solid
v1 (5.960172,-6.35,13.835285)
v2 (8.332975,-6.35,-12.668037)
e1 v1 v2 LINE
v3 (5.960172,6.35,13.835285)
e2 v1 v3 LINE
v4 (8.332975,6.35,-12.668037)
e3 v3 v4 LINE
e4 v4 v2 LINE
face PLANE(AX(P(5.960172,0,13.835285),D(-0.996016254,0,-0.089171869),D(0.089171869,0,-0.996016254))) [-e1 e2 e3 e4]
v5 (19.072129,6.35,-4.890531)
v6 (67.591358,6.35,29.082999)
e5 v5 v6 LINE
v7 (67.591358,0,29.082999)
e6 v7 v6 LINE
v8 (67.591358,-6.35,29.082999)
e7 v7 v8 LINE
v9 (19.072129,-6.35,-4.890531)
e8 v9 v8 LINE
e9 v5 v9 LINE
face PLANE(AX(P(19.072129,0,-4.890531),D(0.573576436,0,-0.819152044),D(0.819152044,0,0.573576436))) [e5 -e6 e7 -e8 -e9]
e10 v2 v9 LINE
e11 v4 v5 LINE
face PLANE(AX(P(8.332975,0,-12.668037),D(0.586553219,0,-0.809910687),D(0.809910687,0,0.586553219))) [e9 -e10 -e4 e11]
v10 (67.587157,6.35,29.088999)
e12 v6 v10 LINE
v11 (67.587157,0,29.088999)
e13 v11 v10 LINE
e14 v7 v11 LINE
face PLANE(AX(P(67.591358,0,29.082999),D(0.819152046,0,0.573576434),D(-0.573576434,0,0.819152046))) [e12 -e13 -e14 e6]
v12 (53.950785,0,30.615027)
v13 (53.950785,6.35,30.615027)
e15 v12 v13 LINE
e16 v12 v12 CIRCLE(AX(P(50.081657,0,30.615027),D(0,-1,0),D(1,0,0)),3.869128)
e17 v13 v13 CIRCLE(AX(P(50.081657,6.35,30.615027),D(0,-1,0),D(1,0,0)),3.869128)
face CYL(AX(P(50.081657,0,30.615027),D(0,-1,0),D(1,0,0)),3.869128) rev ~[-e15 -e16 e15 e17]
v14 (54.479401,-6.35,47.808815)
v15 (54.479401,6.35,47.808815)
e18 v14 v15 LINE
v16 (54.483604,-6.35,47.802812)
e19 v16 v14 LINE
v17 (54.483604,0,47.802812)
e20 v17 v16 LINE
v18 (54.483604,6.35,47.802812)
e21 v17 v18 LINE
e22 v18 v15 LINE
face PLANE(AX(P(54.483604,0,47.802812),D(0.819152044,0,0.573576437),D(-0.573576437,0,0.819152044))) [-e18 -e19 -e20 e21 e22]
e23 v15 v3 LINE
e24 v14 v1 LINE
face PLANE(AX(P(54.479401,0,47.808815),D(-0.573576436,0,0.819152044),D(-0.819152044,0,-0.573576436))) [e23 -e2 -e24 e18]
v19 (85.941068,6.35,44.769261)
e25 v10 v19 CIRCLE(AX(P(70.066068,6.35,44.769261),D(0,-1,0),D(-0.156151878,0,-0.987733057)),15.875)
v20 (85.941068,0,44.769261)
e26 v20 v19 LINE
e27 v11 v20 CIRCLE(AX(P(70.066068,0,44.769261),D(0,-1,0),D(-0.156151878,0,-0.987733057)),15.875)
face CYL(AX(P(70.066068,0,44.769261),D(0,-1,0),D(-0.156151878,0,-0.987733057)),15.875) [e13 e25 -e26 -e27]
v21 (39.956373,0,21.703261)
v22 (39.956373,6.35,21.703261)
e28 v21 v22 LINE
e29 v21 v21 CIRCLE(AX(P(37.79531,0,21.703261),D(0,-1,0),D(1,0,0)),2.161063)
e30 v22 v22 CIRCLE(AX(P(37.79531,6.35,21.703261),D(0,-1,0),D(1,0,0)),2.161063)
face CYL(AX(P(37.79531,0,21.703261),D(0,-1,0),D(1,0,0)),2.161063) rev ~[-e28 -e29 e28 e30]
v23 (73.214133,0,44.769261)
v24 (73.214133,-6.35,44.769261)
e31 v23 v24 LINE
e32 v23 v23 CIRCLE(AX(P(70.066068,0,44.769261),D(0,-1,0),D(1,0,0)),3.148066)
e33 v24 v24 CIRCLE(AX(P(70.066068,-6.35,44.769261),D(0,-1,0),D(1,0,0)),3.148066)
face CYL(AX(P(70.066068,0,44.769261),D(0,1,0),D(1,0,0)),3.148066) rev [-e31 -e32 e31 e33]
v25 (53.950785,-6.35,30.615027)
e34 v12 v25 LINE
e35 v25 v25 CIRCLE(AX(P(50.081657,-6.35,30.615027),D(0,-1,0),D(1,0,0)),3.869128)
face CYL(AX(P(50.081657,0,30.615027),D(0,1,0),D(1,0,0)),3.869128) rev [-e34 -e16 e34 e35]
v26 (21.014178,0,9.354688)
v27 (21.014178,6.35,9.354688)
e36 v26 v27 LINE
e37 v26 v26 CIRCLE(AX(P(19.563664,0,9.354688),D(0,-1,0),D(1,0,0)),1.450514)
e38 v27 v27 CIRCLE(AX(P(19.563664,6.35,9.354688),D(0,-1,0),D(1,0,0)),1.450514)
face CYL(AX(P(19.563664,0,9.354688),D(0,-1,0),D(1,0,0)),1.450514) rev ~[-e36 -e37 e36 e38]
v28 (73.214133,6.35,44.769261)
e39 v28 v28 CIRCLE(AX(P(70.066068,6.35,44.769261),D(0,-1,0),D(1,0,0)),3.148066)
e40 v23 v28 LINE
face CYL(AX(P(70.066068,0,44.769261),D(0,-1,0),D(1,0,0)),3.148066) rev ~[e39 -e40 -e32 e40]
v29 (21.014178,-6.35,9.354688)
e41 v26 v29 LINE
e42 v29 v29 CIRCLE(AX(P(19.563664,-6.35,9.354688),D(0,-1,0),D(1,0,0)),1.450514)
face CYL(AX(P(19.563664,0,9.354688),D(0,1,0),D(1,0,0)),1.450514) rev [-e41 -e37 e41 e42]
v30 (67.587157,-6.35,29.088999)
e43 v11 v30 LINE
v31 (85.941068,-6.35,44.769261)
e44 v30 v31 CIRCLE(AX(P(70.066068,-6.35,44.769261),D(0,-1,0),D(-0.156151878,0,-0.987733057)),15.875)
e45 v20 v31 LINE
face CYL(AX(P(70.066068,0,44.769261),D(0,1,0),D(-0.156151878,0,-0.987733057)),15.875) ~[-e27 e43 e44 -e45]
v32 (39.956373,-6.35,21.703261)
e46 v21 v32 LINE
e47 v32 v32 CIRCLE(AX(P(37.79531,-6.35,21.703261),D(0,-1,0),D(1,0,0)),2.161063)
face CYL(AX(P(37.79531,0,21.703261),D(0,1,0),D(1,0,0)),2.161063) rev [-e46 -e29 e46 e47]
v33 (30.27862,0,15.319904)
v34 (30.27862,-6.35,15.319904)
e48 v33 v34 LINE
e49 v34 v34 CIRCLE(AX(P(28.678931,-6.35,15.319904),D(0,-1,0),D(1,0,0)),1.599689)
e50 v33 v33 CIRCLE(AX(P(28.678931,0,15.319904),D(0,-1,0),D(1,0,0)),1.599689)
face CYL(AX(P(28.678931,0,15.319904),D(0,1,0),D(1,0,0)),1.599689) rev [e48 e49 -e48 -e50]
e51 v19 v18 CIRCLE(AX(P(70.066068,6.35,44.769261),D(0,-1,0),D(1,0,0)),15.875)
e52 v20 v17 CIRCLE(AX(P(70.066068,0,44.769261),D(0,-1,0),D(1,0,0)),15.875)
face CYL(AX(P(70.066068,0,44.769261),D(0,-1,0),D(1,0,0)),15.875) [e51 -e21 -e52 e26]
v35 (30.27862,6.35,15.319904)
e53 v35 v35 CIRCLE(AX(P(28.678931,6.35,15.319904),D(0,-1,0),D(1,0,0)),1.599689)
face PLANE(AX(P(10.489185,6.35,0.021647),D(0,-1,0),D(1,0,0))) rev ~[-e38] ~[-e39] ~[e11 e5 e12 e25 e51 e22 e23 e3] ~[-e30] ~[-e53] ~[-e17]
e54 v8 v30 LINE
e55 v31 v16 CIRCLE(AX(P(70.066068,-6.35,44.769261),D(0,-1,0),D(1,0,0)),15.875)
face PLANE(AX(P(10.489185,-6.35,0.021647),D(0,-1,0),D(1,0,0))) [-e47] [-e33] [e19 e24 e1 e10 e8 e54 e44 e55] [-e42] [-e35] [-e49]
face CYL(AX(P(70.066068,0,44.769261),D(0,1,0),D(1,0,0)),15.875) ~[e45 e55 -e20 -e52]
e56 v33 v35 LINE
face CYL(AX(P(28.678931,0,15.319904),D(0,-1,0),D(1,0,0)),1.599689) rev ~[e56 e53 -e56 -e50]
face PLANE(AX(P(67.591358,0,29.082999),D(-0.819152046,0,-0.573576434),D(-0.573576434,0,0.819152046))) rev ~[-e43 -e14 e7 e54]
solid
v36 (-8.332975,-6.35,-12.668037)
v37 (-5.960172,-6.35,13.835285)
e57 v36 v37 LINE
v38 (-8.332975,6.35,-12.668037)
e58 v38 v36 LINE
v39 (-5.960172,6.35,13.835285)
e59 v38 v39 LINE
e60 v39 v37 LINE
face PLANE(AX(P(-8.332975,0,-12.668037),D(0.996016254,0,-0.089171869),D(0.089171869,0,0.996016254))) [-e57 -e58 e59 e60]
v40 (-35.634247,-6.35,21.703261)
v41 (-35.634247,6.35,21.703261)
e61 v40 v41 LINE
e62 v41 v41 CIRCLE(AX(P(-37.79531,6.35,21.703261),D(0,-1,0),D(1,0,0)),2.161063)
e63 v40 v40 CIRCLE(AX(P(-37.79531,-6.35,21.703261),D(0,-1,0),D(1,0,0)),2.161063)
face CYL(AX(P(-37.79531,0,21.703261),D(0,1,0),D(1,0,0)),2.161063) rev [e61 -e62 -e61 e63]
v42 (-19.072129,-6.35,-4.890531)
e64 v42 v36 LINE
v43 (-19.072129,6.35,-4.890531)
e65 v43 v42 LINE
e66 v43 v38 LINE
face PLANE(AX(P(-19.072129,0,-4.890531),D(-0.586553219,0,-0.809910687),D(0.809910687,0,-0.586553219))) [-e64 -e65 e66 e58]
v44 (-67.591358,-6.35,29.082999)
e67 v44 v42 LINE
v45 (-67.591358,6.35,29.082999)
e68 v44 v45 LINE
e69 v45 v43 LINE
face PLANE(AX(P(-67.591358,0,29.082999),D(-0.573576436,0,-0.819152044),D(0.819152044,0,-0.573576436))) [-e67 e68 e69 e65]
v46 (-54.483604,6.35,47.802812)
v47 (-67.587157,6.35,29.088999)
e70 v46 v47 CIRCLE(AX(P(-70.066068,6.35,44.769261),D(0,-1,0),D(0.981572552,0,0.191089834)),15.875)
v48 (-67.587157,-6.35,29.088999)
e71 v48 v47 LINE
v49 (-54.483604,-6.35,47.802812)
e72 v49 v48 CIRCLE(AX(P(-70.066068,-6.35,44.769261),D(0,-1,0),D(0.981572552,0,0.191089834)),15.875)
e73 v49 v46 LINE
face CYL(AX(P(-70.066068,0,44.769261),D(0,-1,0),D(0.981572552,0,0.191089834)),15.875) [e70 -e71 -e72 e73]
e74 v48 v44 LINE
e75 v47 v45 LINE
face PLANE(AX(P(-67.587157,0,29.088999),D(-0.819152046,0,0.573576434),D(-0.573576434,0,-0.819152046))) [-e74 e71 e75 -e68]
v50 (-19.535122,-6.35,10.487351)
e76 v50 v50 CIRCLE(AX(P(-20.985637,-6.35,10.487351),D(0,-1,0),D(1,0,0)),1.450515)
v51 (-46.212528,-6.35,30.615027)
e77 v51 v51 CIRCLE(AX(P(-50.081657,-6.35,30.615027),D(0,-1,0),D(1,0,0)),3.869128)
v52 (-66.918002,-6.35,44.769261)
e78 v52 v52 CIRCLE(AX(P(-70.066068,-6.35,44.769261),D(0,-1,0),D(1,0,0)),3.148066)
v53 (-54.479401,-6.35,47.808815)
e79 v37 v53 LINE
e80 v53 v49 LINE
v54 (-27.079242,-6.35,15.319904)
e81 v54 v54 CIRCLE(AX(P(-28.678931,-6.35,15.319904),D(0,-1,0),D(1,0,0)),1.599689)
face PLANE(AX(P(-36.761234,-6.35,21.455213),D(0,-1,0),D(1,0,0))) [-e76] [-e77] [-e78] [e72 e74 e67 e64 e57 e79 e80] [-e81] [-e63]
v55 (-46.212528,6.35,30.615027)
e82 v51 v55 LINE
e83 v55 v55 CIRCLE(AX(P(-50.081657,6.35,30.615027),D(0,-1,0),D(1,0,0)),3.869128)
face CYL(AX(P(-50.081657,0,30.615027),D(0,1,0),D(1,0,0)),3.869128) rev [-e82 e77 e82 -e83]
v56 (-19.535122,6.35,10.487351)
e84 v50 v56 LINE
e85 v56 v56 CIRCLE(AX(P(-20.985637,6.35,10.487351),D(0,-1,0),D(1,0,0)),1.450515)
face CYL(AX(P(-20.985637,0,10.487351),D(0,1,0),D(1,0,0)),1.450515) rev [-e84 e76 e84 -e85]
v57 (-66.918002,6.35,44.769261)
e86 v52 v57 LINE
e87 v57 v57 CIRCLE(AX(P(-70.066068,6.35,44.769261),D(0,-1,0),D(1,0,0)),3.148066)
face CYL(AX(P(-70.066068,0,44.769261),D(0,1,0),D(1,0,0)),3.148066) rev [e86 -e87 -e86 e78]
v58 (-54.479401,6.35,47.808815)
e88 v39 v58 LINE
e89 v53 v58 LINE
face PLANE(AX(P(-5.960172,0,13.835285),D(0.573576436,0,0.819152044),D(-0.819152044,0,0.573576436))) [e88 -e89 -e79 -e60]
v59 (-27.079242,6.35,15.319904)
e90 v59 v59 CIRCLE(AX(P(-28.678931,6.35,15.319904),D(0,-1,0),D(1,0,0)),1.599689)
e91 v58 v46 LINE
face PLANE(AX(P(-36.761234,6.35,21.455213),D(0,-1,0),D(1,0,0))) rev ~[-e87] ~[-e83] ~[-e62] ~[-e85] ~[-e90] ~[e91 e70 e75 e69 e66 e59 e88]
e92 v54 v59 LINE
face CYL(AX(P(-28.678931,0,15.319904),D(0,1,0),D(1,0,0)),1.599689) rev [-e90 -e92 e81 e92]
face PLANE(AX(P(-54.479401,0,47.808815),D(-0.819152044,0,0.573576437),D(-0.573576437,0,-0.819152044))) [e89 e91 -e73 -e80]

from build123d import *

# Parameters (mm, degrees)
F0_R     = 1.4505145473
F0_R_2   = 1.5996890997
F0_R_3   = 2.1610628891
F0_R_4   = 3.869128391
F0_R_5   = 3.1480655083
F1_DEPTH = 6.35
F0_R_6   = 1.4505139655


with BuildPart() as f1:
    # F0 (on Front) → F1 (new body, symmetric)
    with BuildSketch(Plane.XZ):
        with BuildLine():
            Line((-19.0721291621, -4.8905307363), (-5.9601718272, 13.8352849961))
            Line((-5.9601718272, 13.8352849961), (-54.4794007435, 47.8088148315))
            Line((-54.4794007435, 47.8088148315), (-54.4836036345, 47.8028124811))
            ThreePointArc((-54.4836036345, 47.8028124811), (-54.2643710734, 46.2930731563), (-54.1910679004, 44.7692613604))
            ThreePointArc((-54.1910679004, 44.7692613604), (-57.9960981809, 34.4575468584), (-67.5871568417, 29.088999087))
            Line((-67.5871568417, 29.088999087), (-67.5913580785, 29.082999099))
            Line((-67.5913580785, 29.082999099), (-19.0721291621, -4.8905307363))
        make_face()
        with Locations((-20.9856368601, 10.4873506352)):
            Circle(F0_R, mode=Mode.SUBTRACT)
        with Locations((-28.6789310125, 15.3199037078)):
            Circle(F0_R_2, mode=Mode.SUBTRACT)
        with Locations((-37.7953101531, 21.7032611032)):
            Circle(F0_R_3, mode=Mode.SUBTRACT)
        with Locations((-50.0816566344, 30.6150268633)):
            Circle(F0_R_4, mode=Mode.SUBTRACT)
        Polygon((-8.3329752088, -12.6680368558), (-5.9601718272, 13.8352849961), (-19.0721291621, -4.8905307363), align=None)
        with BuildLine():
            ThreePointArc((-54.1910679004, 44.7692613604), (-54.2643710734, 46.2930731563), (-54.4836036345, 47.8028124811))
            Line((-54.4836036345, 47.8028124811), (-67.5871568417, 29.088999087))
            ThreePointArc((-67.5871568417, 29.088999087), (-57.9960981809, 34.4575468584), (-54.1910679004, 44.7692613604))
        make_face()
        with BuildLine():
            Line((-67.5871568417, 29.088999087), (-54.4836036345, 47.8028124811))
            ThreePointArc((-54.4836036345, 47.8028124811), (-83.0701066035, 53.8747872875), (-67.5871568417, 29.088999087))
        make_face()
        with Locations((-70.0660679004, 44.7692613604)):
            Circle(F0_R_5, mode=Mode.SUBTRACT)
    extrude(amount=F1_DEPTH, both=True)


with BuildPart() as f1b:
    # F0 (on Front) → F1, piece 2 (new body, symmetric)
    with BuildSketch(Plane.XZ):
        Polygon((5.9601718272, 13.8352849961), (8.3329752088, -12.6680368558), (19.0721291621, -4.8905307363), align=None)
        with BuildLine():
            Line((54.4794007435, 47.8088148315), (5.9601718272, 13.8352849961))
            Line((5.9601718272, 13.8352849961), (19.0721291621, -4.8905307363))
            Line((19.0721291621, -4.8905307363), (67.5913580785, 29.082999099))
            Line((67.5913580785, 29.082999099), (67.5871568417, 29.088999087))
            ThreePointArc((67.5871568417, 29.088999087), (57.0620291973, 35.6637354333), (54.4836036345, 47.8028124811))
            Line((54.4836036345, 47.8028124811), (54.4794007435, 47.8088148315))
        make_face()
        with Locations((19.5636637509, 9.3546882272)):
            Circle(F0_R_6, mode=Mode.SUBTRACT)
        with Locations((28.6789310125, 15.3199037078)):
            Circle(F0_R_2, mode=Mode.SUBTRACT)
        with Locations((37.7953101531, 21.7032611032)):
            Circle(F0_R_3, mode=Mode.SUBTRACT)
        with Locations((50.0816566344, 30.6150268633)):
            Circle(F0_R_4, mode=Mode.SUBTRACT)
        with BuildLine():
            Line((67.5871568417, 29.088999087), (54.4836036345, 47.8028124811))
            ThreePointArc((54.4836036345, 47.8028124811), (57.0620291973, 35.6637354333), (67.5871568417, 29.088999087))
        make_face()
        with BuildLine():
            ThreePointArc((85.9410679004, 44.7692613604), (71.5898796963, 60.5709581874), (54.4836036345, 47.8028124811))
            Line((54.4836036345, 47.8028124811), (67.5871568417, 29.088999087))
            ThreePointArc((67.5871568417, 29.088999087), (80.3777824024, 32.699291641), (85.9410679004, 44.7692613604))
        make_face()
        with Locations((70.0660679004, 44.7692613604)):
            Circle(F0_R_5, mode=Mode.SUBTRACT)
    extrude(amount=F1_DEPTH, both=True)


solid = Compound([f1.part, f1b.part])
